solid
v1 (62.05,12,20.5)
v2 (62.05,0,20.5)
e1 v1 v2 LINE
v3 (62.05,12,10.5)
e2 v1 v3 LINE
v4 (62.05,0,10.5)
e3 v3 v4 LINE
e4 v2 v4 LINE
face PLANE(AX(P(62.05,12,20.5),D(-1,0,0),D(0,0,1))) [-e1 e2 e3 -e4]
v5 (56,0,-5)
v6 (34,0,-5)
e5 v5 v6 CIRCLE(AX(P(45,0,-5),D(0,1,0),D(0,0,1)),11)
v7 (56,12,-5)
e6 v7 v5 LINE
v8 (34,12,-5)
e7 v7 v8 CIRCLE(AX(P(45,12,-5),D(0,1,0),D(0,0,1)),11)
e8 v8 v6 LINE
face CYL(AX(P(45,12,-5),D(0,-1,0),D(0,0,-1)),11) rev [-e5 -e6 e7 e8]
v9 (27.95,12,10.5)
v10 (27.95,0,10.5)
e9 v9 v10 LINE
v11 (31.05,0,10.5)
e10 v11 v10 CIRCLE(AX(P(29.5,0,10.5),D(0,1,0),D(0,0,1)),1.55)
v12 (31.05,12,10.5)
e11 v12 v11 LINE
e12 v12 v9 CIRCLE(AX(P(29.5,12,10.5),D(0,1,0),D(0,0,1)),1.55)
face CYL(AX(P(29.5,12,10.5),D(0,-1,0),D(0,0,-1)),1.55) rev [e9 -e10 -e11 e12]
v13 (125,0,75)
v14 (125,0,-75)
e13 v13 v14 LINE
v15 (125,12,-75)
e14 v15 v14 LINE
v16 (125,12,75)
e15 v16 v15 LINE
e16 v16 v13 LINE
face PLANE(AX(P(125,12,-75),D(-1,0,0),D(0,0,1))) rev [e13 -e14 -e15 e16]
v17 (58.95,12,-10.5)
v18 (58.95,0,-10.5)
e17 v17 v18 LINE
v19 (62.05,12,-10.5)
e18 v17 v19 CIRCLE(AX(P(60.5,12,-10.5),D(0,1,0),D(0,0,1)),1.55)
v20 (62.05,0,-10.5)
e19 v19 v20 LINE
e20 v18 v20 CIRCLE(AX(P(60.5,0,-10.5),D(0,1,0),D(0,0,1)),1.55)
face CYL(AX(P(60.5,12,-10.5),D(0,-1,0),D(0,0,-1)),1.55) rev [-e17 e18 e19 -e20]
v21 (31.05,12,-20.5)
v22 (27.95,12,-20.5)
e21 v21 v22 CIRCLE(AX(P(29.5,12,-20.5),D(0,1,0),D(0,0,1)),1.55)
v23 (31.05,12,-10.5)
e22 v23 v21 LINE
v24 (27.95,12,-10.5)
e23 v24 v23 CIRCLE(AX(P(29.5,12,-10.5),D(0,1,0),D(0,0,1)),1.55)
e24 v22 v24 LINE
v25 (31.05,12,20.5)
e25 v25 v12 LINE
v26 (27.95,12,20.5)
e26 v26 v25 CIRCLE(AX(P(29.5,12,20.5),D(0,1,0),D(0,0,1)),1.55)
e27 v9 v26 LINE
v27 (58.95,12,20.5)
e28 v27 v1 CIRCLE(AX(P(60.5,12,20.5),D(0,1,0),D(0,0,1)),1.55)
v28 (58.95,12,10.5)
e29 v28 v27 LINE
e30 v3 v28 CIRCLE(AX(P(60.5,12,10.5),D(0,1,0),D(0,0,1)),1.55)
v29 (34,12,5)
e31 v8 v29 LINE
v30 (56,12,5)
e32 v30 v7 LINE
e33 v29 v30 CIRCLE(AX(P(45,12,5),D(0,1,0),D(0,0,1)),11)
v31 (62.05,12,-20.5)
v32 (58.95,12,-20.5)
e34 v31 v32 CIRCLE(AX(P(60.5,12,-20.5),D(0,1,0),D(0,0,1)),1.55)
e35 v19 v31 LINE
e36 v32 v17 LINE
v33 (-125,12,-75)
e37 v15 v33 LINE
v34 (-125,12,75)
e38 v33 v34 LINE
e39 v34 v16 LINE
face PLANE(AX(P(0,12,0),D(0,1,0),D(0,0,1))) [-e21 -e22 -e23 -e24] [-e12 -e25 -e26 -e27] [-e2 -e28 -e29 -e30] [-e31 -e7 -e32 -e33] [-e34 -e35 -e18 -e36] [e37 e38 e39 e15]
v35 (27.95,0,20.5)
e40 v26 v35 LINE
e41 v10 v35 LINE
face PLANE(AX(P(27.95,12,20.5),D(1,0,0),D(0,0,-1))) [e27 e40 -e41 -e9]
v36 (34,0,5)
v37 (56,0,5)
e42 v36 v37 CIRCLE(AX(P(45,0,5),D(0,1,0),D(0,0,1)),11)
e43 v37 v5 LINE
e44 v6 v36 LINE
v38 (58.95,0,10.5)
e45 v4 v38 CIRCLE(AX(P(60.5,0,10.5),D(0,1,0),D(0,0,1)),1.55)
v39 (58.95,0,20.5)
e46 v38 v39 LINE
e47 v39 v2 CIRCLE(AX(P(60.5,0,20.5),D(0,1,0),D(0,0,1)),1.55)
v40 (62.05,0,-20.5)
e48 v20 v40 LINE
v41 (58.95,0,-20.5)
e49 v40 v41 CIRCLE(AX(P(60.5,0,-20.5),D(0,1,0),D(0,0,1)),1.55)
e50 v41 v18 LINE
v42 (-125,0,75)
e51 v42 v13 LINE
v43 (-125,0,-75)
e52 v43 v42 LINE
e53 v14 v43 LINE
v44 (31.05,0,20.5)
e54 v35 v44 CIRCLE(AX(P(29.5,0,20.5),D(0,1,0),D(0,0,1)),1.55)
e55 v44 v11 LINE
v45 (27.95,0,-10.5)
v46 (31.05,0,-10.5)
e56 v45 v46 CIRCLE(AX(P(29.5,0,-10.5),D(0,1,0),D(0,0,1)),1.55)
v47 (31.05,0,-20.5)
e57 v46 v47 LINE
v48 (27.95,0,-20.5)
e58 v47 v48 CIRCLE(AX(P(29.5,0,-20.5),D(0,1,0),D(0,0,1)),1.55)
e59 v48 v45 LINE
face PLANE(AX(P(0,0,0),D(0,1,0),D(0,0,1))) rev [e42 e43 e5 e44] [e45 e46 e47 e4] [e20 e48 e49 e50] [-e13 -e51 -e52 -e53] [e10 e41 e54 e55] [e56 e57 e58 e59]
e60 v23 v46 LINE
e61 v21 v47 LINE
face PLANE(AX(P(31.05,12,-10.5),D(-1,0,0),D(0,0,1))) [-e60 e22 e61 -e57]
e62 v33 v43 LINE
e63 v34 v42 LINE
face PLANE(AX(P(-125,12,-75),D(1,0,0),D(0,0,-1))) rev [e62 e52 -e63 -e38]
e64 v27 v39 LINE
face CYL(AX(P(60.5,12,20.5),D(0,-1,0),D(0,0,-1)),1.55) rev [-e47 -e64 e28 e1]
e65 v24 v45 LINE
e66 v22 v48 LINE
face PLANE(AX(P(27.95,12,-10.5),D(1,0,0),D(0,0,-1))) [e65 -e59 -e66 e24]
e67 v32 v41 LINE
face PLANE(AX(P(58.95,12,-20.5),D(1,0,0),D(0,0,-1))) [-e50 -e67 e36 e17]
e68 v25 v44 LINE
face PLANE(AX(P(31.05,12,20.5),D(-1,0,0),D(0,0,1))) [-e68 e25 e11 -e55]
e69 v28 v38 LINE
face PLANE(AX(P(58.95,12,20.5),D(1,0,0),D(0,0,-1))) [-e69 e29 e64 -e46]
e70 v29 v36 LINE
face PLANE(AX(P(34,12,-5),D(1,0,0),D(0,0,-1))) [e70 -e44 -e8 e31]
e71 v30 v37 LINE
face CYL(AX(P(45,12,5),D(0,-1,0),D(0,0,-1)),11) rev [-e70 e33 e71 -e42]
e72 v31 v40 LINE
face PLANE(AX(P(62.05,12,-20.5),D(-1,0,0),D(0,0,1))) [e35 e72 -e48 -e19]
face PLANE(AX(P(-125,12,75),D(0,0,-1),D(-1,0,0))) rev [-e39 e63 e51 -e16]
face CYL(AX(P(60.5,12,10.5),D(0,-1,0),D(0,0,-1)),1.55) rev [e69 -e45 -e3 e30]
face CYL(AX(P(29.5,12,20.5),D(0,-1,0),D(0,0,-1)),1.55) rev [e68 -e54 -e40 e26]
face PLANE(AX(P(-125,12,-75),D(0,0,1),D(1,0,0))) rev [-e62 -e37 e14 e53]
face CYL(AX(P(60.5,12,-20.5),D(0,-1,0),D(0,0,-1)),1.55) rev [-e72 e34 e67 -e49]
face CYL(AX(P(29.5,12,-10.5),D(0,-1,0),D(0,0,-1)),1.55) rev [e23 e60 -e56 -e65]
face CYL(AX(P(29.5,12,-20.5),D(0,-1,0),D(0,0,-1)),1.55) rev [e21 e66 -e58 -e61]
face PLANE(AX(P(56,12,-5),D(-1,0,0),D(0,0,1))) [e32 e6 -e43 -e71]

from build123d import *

# Parameters (mm, degrees)
SKIZZE1_W                       = 250
SKIZZE1_H                       = 150
AUFSATZ_LINEAR_AUSTRAGEN1_DEPTH = 12


with BuildPart() as part:
    # Skizze1 → Aufsatz-Linear austragen1 (new body)
    with BuildSketch(Plane(origin=(0, 0, 0), x_dir=(1, 0, 0), z_dir=(0, 1, 0))):
        Rectangle(SKIZZE1_W, SKIZZE1_H)
        with BuildLine():
            Line((27.95, 10.5), (27.95, 20.5))
            ThreePointArc((27.95, 20.5), (29.5, 22.05), (31.05, 20.5))
            Line((31.05, 20.5), (31.05, 10.5))
            ThreePointArc((31.05, 10.5), (29.5, 8.95), (27.95, 10.5))
        make_face(mode=Mode.SUBTRACT)
        with BuildLine():
            Line((62.05, 20.5), (62.05, 10.5))
            ThreePointArc((62.05, 10.5), (60.5, 8.95), (58.95, 10.5))
            Line((58.95, 10.5), (58.95, 20.5))
            ThreePointArc((58.95, 20.5), (60.5, 22.05), (62.05, 20.5))
        make_face(mode=Mode.SUBTRACT)
        with BuildLine():
            Line((58.95, -20.5), (58.95, -10.5))
            ThreePointArc((58.95, -10.5), (60.5, -8.95), (62.05, -10.5))
            Line((62.05, -10.5), (62.05, -20.5))
            ThreePointArc((62.05, -20.5), (60.5, -22.05), (58.95, -20.5))
        make_face(mode=Mode.SUBTRACT)
        with BuildLine():
            Line((27.95, -20.5), (27.95, -10.5))
            ThreePointArc((27.95, -10.5), (29.5, -8.95), (31.05, -10.5))
            Line((31.05, -10.5), (31.05, -20.5))
            ThreePointArc((31.05, -20.5), (29.5, -22.05), (27.95, -20.5))
        make_face(mode=Mode.SUBTRACT)
        with BuildLine():
            Line((56, 5), (56, -5))
            ThreePointArc((56, -5), (45, -16), (34, -5))
            Line((34, -5), (34, 5))
            ThreePointArc((34, 5), (45, 16), (56, 5))
        make_face(mode=Mode.SUBTRACT)
    extrude(amount=AUFSATZ_LINEAR_AUSTRAGEN1_DEPTH)


solid = part.part
